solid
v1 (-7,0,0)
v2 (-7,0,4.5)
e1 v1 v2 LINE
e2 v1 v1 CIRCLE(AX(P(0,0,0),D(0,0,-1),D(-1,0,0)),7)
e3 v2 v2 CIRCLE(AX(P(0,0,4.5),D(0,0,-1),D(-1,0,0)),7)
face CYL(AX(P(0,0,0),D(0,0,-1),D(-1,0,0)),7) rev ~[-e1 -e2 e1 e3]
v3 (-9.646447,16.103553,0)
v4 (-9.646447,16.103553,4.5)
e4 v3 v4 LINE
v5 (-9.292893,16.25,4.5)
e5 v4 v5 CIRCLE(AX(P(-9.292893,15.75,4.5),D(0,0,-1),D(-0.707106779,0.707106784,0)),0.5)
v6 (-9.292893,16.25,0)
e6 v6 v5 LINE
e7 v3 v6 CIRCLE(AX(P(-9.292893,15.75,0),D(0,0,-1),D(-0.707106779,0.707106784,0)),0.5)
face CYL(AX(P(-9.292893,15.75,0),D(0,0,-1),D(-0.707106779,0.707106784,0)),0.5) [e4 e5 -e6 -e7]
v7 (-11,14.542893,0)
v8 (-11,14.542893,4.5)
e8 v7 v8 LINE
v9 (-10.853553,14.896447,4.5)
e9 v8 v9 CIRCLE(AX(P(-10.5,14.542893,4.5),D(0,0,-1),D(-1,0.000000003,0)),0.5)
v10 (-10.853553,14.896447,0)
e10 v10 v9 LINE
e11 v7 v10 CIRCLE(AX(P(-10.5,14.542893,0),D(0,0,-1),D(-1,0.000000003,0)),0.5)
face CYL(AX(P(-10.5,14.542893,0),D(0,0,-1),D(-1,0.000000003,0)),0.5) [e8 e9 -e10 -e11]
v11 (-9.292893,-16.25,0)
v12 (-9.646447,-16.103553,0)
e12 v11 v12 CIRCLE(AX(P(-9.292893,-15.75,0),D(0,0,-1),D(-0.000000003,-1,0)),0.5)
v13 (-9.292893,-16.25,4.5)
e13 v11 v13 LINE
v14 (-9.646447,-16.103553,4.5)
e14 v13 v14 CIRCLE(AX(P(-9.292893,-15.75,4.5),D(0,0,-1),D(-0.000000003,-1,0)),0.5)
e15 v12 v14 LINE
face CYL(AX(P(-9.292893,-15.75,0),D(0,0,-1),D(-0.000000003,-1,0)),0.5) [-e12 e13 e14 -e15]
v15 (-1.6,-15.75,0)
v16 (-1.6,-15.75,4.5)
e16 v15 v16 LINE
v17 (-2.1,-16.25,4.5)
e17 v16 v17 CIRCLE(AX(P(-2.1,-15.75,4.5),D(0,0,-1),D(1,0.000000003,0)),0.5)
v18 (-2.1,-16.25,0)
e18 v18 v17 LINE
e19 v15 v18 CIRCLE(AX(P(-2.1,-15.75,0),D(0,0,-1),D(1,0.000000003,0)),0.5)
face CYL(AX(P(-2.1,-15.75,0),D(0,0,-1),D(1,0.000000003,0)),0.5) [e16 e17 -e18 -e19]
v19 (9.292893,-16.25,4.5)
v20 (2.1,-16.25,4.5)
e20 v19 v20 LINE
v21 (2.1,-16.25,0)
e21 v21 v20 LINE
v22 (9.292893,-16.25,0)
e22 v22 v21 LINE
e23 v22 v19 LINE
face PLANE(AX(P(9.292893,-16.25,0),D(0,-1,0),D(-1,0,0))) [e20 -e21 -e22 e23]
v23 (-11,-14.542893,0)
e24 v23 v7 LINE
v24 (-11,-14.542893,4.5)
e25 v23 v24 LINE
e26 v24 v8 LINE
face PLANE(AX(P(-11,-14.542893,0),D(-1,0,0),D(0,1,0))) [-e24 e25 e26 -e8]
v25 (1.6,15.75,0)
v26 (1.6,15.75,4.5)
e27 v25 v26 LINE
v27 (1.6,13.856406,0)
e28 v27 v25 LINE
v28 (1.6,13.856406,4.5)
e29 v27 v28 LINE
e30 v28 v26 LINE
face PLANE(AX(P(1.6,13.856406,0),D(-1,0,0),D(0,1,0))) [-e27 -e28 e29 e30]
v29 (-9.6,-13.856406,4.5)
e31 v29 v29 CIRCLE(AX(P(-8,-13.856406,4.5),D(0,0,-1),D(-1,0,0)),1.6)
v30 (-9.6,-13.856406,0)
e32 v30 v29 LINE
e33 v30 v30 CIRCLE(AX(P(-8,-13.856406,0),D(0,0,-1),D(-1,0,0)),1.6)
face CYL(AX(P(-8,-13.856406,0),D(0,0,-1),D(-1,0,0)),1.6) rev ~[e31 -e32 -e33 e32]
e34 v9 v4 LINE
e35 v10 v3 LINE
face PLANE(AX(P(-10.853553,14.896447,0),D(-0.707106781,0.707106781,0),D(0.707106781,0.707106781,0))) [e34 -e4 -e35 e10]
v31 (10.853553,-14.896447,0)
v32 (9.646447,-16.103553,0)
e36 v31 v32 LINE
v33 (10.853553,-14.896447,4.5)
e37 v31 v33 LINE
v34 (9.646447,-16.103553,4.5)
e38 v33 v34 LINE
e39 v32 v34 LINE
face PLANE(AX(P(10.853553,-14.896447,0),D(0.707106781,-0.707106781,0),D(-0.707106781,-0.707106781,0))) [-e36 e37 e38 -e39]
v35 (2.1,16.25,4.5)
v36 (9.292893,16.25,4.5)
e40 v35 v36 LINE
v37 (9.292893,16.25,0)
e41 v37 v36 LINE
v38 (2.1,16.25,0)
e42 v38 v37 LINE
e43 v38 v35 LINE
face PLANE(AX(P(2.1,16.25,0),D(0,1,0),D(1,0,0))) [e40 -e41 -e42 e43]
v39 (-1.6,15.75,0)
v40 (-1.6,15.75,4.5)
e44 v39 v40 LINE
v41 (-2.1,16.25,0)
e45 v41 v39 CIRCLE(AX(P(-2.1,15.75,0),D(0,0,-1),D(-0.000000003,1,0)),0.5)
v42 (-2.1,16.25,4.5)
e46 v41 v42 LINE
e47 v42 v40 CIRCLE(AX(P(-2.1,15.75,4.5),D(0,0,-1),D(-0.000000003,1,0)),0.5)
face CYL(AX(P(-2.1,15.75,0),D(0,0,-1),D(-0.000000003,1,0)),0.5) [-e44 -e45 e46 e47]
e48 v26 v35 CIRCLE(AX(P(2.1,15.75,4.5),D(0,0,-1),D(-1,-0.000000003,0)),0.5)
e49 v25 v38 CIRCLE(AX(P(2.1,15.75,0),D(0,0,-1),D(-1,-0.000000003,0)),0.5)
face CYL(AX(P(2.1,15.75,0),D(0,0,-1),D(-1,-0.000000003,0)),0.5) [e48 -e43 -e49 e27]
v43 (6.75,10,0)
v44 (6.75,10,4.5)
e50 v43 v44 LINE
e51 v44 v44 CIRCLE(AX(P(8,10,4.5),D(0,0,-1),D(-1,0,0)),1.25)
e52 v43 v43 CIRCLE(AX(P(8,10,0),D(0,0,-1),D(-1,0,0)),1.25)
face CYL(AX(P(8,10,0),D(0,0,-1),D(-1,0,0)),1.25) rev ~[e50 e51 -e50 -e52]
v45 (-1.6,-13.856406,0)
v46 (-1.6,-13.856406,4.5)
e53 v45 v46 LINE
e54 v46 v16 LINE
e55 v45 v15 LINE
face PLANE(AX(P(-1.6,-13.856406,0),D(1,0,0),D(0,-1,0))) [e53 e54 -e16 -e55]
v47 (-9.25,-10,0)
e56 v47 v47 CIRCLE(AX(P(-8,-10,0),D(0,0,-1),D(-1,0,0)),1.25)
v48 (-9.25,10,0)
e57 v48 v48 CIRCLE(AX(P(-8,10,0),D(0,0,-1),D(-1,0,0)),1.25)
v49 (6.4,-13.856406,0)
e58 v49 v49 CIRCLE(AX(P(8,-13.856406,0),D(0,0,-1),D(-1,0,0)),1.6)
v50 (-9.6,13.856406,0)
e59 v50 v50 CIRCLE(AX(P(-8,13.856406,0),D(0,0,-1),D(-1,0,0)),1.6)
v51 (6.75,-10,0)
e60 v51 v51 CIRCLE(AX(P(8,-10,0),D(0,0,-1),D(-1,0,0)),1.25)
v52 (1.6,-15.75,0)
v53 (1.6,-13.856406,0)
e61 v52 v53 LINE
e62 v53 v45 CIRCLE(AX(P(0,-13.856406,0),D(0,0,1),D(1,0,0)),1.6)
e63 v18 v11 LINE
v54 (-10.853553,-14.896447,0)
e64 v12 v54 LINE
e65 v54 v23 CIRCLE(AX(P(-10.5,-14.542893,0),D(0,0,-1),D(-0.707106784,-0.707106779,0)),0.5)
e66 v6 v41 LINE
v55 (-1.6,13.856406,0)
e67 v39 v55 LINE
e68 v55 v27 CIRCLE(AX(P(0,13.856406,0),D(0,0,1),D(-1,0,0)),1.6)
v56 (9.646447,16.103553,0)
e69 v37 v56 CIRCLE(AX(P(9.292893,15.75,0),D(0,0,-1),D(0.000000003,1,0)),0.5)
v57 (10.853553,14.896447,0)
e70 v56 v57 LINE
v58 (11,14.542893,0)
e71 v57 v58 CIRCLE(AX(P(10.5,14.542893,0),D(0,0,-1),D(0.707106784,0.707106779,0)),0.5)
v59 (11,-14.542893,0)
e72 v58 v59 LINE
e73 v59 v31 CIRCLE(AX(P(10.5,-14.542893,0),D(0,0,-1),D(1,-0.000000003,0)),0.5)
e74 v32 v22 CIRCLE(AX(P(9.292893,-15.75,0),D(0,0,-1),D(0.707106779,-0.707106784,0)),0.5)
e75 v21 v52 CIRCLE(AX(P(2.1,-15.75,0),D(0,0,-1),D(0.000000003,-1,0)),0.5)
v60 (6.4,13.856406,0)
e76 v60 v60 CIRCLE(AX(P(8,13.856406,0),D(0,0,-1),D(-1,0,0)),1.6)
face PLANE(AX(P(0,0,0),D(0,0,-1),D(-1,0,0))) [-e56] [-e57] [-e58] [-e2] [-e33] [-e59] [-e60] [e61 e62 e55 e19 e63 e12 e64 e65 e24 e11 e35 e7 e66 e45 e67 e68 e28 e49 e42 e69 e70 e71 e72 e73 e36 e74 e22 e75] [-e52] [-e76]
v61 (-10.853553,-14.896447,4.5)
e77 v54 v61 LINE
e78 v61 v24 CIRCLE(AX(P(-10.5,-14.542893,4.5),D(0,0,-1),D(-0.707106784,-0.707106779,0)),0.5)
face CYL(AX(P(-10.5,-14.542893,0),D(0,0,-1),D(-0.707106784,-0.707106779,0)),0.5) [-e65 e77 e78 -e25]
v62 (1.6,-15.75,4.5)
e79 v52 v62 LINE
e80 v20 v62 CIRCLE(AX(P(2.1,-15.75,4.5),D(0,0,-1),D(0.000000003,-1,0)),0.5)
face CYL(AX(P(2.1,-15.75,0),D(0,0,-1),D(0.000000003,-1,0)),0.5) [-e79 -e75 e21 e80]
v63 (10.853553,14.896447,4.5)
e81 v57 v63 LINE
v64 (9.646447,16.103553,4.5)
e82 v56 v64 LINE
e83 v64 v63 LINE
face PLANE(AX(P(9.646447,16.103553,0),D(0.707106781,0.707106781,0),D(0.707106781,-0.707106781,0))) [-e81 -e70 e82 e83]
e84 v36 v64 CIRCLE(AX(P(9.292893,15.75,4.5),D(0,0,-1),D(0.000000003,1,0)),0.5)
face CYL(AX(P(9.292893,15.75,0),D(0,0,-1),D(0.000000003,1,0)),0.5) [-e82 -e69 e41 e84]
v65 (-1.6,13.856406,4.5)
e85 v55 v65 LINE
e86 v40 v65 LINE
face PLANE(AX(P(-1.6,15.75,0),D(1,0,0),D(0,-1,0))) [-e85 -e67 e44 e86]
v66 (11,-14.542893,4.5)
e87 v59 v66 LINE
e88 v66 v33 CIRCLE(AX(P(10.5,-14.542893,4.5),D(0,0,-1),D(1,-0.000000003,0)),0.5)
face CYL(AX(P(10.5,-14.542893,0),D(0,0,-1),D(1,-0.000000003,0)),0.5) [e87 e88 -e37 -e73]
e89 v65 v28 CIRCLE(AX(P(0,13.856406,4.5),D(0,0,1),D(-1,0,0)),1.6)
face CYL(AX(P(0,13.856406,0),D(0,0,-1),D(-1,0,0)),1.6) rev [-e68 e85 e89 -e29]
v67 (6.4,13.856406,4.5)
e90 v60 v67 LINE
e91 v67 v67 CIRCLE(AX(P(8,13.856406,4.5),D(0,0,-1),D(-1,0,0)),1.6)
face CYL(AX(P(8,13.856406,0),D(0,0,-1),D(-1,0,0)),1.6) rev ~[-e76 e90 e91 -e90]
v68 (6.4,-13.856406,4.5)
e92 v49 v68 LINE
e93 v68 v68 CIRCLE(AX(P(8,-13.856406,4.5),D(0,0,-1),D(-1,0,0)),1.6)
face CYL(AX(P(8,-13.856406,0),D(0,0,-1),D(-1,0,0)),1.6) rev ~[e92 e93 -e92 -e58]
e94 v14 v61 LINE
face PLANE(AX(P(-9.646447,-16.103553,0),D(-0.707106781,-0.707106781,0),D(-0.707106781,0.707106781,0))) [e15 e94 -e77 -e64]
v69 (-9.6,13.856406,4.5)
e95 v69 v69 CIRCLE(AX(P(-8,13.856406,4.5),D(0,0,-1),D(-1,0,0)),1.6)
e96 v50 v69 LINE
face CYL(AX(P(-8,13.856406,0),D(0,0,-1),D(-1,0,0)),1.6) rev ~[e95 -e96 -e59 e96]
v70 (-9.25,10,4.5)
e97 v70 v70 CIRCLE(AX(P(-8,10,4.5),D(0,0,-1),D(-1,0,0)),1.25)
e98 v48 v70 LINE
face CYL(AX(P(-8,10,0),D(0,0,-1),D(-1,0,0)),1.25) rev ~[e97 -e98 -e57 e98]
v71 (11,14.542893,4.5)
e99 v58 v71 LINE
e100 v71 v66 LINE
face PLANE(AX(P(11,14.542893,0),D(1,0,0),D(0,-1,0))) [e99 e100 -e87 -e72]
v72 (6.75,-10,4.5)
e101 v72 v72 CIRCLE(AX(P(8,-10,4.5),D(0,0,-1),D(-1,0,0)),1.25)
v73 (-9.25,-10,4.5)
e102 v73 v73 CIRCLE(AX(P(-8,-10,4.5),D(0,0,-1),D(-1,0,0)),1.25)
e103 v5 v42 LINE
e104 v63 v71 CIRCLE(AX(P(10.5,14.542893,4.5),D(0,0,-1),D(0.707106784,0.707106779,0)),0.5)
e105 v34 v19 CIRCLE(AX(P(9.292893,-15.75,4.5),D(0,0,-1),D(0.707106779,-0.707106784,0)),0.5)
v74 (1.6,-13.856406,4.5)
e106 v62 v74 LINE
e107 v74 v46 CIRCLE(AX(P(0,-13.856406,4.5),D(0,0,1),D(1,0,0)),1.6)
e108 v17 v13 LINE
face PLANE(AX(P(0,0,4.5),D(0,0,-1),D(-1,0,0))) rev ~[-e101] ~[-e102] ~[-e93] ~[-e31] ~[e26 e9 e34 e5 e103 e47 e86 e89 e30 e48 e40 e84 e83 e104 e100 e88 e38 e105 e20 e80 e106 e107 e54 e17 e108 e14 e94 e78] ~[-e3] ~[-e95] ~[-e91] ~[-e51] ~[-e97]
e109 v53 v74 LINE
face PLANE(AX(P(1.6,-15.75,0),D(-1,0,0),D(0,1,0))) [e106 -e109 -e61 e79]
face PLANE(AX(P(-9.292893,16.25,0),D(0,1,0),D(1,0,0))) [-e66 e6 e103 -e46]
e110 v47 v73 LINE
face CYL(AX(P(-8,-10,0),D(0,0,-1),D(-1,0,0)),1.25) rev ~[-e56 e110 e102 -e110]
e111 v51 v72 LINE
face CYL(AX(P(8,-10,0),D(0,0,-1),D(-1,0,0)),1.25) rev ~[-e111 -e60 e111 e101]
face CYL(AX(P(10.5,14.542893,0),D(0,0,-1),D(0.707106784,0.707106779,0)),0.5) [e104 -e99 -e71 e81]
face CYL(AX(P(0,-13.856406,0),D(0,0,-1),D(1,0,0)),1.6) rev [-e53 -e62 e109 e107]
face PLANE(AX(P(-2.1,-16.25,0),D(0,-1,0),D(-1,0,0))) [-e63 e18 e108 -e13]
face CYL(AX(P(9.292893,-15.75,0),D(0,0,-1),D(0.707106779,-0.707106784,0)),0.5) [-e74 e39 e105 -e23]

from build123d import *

# Parameters (mm, degrees)
ESBO_O1_R                = 7
ESBO_O1_R_2              = 1.6
ESBO_O1_R_3              = 1.25
RESSALTO_EXTRUS_O1_DEPTH = 4.5


with BuildPart() as part:
    # Esboço1 → Ressalto-extrusão1 (new body)
    with BuildSketch(Plane(origin=(0, 0, 0), x_dir=(-1, 0, 0), z_dir=(0, 0, -1))):
        with BuildLine():
            Line((-2.1, 16.25), (-9.292893219, 16.25))
            ThreePointArc((-9.292893219, 16.25), (-9.484234935, 16.211939766), (-9.646446609, 16.103553391))
            Line((-9.646446609, 16.103553391), (-10.853553391, 14.896446609))
            ThreePointArc((-10.853553391, 14.896446609), (-10.961939766, 14.734234935), (-11, 14.542893219))
            Line((-11, 14.542893219), (-11, -14.542893219))
            ThreePointArc((-11, -14.542893219), (-10.961939766, -14.734234935), (-10.853553391, -14.896446609))
            Line((-10.853553391, -14.896446609), (-9.646446609, -16.103553391))
            ThreePointArc((-9.646446609, -16.103553391), (-9.484234935, -16.211939766), (-9.292893219, -16.25))
            Line((-9.292893219, -16.25), (-2.1, -16.25))
            ThreePointArc((-2.1, -16.25), (-1.746446609, -16.103553391), (-1.6, -15.75))
            Line((-1.6, -15.75), (-1.6, -13.856406461))
            ThreePointArc((-1.6, -13.856406461), (0, -12.256406461), (1.6, -13.856406461))
            Line((1.6, -13.856406461), (1.6, -15.75))
            ThreePointArc((1.6, -15.75), (1.746446609, -16.103553391), (2.1, -16.25))
            Line((2.1, -16.25), (9.292893219, -16.25))
            ThreePointArc((9.292893219, -16.25), (9.484234935, -16.211939766), (9.646446609, -16.103553391))
            Line((9.646446609, -16.103553391), (10.853553391, -14.896446609))
            ThreePointArc((10.853553391, -14.896446609), (10.961939766, -14.734234935), (11, -14.542893219))
            Line((11, -14.542893219), (11, 14.542893219))
            ThreePointArc((11, 14.542893219), (10.961939766, 14.734234935), (10.853553391, 14.896446609))
            Line((10.853553391, 14.896446609), (9.646446609, 16.103553391))
            ThreePointArc((9.646446609, 16.103553391), (9.484234935, 16.211939766), (9.292893219, 16.25))
            Line((9.292893219, 16.25), (2.1, 16.25))
            ThreePointArc((2.1, 16.25), (1.746446609, 16.103553391), (1.6, 15.75))
            Line((1.6, 15.75), (1.6, 13.856406461))
            ThreePointArc((1.6, 13.856406461), (0, 12.256406461), (-1.6, 13.856406461))
            Line((-1.6, 13.856406461), (-1.6, 15.75))
            ThreePointArc((-1.6, 15.75), (-1.746446609, 16.103553391), (-2.1, 16.25))
        make_face()
        Circle(ESBO_O1_R, mode=Mode.SUBTRACT)
        with Locations((-8, -13.85640646)):
            Circle(ESBO_O1_R_2, mode=Mode.SUBTRACT)
        with Locations((8, -13.85640646)):
            Circle(ESBO_O1_R_2, mode=Mode.SUBTRACT)
        with Locations((8, 13.85640646)):
            Circle(ESBO_O1_R_2, mode=Mode.SUBTRACT)
        with Locations((-8, 13.85640646)):
            Circle(ESBO_O1_R_2, mode=Mode.SUBTRACT)
        with Locations((-8, -10)):
            Circle(ESBO_O1_R_3, mode=Mode.SUBTRACT)
        with Locations((8, -10)):
            Circle(ESBO_O1_R_3, mode=Mode.SUBTRACT)
        with Locations((8, 10)):
            Circle(ESBO_O1_R_3, mode=Mode.SUBTRACT)
        with Locations((-8, 10)):
            Circle(ESBO_O1_R_3, mode=Mode.SUBTRACT)
    extrude(amount=-RESSALTO_EXTRUS_O1_DEPTH)


solid = part.part
